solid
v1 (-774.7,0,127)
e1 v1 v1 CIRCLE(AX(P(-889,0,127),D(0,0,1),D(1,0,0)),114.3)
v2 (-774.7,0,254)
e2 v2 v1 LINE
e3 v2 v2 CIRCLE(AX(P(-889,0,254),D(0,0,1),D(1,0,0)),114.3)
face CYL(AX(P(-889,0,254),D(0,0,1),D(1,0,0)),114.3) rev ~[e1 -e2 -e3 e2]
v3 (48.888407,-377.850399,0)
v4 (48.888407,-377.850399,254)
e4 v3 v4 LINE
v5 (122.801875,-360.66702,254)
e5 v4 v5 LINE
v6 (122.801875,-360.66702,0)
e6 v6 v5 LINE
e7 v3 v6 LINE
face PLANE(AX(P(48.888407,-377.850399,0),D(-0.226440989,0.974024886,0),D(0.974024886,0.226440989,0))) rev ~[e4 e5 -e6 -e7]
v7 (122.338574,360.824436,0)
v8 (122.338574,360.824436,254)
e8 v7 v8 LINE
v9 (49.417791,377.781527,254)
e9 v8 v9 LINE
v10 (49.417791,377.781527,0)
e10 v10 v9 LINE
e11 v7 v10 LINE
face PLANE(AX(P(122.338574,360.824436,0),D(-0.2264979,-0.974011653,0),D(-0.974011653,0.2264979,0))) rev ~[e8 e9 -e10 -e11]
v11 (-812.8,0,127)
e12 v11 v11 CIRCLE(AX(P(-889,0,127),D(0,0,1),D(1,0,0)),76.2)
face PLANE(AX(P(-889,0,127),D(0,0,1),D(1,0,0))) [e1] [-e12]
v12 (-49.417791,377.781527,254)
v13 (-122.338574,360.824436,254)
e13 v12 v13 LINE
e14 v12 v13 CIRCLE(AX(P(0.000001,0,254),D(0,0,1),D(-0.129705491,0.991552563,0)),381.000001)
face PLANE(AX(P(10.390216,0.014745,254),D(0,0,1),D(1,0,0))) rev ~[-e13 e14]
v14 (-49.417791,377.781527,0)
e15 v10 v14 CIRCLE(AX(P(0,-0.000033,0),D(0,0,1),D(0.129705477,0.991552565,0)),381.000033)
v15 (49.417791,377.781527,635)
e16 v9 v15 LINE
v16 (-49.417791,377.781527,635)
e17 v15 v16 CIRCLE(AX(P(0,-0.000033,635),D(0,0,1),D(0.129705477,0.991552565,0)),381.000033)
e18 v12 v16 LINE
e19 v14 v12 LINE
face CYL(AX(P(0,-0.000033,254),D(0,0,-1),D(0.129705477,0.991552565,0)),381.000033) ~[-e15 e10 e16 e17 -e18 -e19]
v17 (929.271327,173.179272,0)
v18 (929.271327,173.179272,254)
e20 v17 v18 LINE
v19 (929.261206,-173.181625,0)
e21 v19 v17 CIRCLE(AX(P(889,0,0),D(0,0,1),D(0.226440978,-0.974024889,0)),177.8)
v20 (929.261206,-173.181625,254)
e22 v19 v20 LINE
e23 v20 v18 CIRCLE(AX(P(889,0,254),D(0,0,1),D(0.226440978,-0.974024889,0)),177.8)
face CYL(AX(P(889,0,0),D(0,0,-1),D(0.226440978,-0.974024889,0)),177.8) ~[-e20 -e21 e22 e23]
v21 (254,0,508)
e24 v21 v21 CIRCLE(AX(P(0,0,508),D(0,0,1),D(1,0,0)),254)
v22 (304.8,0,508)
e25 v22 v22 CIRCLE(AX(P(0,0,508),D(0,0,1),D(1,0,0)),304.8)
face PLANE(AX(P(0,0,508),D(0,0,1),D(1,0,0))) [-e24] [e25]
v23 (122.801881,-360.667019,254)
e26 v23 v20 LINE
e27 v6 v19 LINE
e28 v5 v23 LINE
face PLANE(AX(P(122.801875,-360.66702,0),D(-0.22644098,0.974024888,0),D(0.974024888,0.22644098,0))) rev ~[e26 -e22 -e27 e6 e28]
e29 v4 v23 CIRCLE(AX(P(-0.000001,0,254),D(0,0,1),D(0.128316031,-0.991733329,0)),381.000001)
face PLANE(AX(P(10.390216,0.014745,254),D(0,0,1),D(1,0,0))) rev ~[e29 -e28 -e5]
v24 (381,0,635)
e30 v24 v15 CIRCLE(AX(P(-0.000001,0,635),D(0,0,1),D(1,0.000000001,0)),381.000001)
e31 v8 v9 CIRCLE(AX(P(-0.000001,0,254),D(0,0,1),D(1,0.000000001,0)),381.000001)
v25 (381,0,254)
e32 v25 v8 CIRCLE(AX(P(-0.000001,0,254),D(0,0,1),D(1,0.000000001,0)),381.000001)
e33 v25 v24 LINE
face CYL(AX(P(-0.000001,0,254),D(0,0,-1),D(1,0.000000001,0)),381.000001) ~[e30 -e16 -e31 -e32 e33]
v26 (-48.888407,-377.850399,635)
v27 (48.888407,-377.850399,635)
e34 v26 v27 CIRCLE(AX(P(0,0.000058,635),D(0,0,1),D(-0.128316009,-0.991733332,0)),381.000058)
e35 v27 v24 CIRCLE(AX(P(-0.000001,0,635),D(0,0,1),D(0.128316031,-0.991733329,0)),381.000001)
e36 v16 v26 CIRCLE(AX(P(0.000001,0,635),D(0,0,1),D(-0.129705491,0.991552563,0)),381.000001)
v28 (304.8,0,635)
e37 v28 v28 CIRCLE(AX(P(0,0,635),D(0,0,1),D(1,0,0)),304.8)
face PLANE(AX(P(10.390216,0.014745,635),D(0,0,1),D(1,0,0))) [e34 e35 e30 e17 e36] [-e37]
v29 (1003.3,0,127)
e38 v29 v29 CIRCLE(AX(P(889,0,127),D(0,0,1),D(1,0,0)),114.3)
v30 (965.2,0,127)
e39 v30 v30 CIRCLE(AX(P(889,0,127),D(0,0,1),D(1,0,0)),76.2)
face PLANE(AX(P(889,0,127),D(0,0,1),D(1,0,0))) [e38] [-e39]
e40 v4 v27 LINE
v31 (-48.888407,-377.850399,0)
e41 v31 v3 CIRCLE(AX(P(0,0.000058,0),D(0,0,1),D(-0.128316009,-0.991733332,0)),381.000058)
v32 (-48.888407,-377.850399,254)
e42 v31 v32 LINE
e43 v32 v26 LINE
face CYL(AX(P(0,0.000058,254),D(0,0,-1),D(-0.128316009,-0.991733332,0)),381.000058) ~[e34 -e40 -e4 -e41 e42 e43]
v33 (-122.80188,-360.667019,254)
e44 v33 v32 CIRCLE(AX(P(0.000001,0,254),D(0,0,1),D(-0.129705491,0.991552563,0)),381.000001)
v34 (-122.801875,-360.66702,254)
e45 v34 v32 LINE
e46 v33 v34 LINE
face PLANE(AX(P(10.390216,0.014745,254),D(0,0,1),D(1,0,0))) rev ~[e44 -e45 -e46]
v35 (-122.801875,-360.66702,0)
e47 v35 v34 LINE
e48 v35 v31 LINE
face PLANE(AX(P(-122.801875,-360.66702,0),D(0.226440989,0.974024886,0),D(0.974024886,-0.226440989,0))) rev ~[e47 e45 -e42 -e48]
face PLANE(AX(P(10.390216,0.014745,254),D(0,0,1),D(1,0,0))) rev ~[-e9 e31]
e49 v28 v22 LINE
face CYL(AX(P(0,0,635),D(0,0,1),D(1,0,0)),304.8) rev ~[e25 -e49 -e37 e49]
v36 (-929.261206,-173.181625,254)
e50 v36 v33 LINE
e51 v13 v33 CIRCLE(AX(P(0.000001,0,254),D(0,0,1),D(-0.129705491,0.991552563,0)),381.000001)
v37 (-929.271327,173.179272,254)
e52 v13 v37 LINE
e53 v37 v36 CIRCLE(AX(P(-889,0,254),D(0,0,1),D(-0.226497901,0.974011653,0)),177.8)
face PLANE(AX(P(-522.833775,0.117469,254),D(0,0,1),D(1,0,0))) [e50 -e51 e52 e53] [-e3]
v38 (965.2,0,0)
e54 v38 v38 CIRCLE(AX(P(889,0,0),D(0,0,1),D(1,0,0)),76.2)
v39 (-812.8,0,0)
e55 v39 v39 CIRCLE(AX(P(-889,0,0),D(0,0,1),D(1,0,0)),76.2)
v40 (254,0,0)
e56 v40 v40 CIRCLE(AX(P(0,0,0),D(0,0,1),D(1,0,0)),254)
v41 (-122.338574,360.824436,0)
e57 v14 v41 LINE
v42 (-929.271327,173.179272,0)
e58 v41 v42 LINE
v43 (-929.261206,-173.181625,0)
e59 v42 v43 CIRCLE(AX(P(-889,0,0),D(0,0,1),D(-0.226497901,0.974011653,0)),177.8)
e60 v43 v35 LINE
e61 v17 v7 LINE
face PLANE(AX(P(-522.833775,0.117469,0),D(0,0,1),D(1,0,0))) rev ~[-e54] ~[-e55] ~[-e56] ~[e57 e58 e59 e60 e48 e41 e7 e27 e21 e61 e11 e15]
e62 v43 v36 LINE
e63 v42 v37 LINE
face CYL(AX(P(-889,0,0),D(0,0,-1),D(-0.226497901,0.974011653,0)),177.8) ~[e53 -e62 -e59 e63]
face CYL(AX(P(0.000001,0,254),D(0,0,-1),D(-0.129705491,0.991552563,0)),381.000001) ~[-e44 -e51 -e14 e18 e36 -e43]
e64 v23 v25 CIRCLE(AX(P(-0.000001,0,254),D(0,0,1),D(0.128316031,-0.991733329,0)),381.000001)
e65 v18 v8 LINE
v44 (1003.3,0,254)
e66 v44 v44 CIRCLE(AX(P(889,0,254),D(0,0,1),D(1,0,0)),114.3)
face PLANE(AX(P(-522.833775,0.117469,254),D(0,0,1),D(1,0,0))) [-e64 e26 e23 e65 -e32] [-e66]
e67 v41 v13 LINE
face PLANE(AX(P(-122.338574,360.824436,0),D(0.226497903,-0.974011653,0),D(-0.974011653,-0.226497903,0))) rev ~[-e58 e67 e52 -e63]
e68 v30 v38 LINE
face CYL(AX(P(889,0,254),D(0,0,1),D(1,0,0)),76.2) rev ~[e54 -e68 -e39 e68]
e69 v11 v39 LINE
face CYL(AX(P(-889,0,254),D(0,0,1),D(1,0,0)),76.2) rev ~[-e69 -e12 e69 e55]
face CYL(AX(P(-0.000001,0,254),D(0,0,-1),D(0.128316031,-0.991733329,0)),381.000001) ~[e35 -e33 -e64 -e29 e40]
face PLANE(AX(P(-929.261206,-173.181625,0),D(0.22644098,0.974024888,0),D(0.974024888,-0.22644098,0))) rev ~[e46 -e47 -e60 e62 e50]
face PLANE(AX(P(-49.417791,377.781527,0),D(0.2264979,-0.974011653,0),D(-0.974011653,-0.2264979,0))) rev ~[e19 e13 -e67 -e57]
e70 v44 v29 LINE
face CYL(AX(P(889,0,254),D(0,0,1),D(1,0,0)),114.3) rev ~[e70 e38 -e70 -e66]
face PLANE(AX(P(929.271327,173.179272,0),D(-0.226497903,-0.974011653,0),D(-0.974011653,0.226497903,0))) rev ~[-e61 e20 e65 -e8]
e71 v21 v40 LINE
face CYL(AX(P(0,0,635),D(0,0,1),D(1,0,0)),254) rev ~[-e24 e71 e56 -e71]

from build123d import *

# Parameters (mm, degrees)
F1_DEPTH  = 254
F3_DEPTH  = 381
F4_R      = 254
F5_DEPTH  = 635
F6_R      = 304.8
F7_DEPTH  = 127
F8_R      = 76.2
F9_DEPTH  = 254
F10_R     = 114.3
F11_DEPTH = 127
F12_R     = 114.3
F13_DEPTH = 127


with BuildPart() as f1:
    # F0 (on Top) → F1 (new body)
    with BuildSketch(Plane.XY):
        with BuildLine():
            ThreePointArc((-122.801875, -360.66702), (-380.999921, 0.244657), (-122.338574, 360.824436))
            Line((-122.338574, 360.824436), (-929.271327, 173.179272))
            ThreePointArc((-929.271327, 173.179272), (-1066.8, -0.005195), (-929.261206, -173.181625))
            Line((-929.261206, -173.181625), (-122.801875, -360.66702))
        make_face()
        with BuildLine():
            Line((122.338574, 360.824436), (49.417791, 377.781527))
            ThreePointArc((49.417791, 377.781527), (0, 381), (-49.417791, 377.781527))
            Line((-49.417791, 377.781527), (-122.338574, 360.824436))
            ThreePointArc((-122.338574, 360.824436), (-380.999921, 0.244657), (-122.801875, -360.66702))
            Line((-122.801875, -360.66702), (-48.888407, -377.850399))
            ThreePointArc((-48.888407, -377.850399), (0, -381), (48.888407, -377.850399))
            Line((48.888407, -377.850399), (122.801875, -360.66702))
            ThreePointArc((122.801875, -360.66702), (309.797123, -221.780844), (381, 0))
            ThreePointArc((381, 0), (309.654644, 221.979733), (122.338574, 360.824436))
        make_face()
        with BuildLine():
            Line((929.271327, 173.179272), (122.338574, 360.824436))
            ThreePointArc((122.338574, 360.824436), (309.654644, 221.979733), (381, 0))
            ThreePointArc((381, 0), (309.797123, -221.780844), (122.801875, -360.66702))
            Line((122.801875, -360.66702), (929.261206, -173.181625))
            ThreePointArc((929.261206, -173.181625), (1066.8, -0.005195), (929.271327, 173.179272))
        make_face()
    extrude(amount=F1_DEPTH)

    # F2 (on face) → F3 (join)
    with BuildSketch(Plane.XY.offset(254)):
        with BuildLine():
            ThreePointArc((381, 0), (286.346973, 251.329288), (49.417791, 377.781527))
            ThreePointArc((49.417791, 377.781527), (0, 381), (-49.417791, 377.781527))
            ThreePointArc((-49.417791, 377.781527), (-380.999906, -0.266923), (-48.888407, -377.850399))
            ThreePointArc((-48.888407, -377.850399), (0, -381), (48.888407, -377.850399))
            ThreePointArc((48.888407, -377.850399), (286.170826, -251.529836), (381, 0))
        make_face()
    extrude(amount=F3_DEPTH)

    # F4 (on face) → F5 (cut)
    with BuildSketch(Plane.XY.offset(635)):
        Circle(F4_R)
    extrude(amount=-F5_DEPTH, mode=Mode.SUBTRACT)

    # F6 (on face) → F7 (cut)
    with BuildSketch(Plane.XY.offset(635)):
        Circle(F6_R)
    extrude(amount=-F7_DEPTH, mode=Mode.SUBTRACT)

    # F8 (on face) → F9 (cut)
    with BuildSketch(Plane.XY.offset(254)):
        with Locations((889, 0)):
            Circle(F8_R)
        with Locations((-889, 0)):
            Circle(F8_R)
    extrude(amount=-F9_DEPTH, mode=Mode.SUBTRACT)

    # F10 (on face) → F11 (cut)
    with BuildSketch(Plane.XY.offset(254)):
        with Locations((-889, 0)):
            Circle(F10_R)
    extrude(amount=-F11_DEPTH, mode=Mode.SUBTRACT)

    # F12 (on face) → F13 (cut)
    with BuildSketch(Plane.XY.offset(254)):
        with Locations((889, 0)):
            Circle(F12_R)
    extrude(amount=-F13_DEPTH, mode=Mode.SUBTRACT)


solid = f1.part
